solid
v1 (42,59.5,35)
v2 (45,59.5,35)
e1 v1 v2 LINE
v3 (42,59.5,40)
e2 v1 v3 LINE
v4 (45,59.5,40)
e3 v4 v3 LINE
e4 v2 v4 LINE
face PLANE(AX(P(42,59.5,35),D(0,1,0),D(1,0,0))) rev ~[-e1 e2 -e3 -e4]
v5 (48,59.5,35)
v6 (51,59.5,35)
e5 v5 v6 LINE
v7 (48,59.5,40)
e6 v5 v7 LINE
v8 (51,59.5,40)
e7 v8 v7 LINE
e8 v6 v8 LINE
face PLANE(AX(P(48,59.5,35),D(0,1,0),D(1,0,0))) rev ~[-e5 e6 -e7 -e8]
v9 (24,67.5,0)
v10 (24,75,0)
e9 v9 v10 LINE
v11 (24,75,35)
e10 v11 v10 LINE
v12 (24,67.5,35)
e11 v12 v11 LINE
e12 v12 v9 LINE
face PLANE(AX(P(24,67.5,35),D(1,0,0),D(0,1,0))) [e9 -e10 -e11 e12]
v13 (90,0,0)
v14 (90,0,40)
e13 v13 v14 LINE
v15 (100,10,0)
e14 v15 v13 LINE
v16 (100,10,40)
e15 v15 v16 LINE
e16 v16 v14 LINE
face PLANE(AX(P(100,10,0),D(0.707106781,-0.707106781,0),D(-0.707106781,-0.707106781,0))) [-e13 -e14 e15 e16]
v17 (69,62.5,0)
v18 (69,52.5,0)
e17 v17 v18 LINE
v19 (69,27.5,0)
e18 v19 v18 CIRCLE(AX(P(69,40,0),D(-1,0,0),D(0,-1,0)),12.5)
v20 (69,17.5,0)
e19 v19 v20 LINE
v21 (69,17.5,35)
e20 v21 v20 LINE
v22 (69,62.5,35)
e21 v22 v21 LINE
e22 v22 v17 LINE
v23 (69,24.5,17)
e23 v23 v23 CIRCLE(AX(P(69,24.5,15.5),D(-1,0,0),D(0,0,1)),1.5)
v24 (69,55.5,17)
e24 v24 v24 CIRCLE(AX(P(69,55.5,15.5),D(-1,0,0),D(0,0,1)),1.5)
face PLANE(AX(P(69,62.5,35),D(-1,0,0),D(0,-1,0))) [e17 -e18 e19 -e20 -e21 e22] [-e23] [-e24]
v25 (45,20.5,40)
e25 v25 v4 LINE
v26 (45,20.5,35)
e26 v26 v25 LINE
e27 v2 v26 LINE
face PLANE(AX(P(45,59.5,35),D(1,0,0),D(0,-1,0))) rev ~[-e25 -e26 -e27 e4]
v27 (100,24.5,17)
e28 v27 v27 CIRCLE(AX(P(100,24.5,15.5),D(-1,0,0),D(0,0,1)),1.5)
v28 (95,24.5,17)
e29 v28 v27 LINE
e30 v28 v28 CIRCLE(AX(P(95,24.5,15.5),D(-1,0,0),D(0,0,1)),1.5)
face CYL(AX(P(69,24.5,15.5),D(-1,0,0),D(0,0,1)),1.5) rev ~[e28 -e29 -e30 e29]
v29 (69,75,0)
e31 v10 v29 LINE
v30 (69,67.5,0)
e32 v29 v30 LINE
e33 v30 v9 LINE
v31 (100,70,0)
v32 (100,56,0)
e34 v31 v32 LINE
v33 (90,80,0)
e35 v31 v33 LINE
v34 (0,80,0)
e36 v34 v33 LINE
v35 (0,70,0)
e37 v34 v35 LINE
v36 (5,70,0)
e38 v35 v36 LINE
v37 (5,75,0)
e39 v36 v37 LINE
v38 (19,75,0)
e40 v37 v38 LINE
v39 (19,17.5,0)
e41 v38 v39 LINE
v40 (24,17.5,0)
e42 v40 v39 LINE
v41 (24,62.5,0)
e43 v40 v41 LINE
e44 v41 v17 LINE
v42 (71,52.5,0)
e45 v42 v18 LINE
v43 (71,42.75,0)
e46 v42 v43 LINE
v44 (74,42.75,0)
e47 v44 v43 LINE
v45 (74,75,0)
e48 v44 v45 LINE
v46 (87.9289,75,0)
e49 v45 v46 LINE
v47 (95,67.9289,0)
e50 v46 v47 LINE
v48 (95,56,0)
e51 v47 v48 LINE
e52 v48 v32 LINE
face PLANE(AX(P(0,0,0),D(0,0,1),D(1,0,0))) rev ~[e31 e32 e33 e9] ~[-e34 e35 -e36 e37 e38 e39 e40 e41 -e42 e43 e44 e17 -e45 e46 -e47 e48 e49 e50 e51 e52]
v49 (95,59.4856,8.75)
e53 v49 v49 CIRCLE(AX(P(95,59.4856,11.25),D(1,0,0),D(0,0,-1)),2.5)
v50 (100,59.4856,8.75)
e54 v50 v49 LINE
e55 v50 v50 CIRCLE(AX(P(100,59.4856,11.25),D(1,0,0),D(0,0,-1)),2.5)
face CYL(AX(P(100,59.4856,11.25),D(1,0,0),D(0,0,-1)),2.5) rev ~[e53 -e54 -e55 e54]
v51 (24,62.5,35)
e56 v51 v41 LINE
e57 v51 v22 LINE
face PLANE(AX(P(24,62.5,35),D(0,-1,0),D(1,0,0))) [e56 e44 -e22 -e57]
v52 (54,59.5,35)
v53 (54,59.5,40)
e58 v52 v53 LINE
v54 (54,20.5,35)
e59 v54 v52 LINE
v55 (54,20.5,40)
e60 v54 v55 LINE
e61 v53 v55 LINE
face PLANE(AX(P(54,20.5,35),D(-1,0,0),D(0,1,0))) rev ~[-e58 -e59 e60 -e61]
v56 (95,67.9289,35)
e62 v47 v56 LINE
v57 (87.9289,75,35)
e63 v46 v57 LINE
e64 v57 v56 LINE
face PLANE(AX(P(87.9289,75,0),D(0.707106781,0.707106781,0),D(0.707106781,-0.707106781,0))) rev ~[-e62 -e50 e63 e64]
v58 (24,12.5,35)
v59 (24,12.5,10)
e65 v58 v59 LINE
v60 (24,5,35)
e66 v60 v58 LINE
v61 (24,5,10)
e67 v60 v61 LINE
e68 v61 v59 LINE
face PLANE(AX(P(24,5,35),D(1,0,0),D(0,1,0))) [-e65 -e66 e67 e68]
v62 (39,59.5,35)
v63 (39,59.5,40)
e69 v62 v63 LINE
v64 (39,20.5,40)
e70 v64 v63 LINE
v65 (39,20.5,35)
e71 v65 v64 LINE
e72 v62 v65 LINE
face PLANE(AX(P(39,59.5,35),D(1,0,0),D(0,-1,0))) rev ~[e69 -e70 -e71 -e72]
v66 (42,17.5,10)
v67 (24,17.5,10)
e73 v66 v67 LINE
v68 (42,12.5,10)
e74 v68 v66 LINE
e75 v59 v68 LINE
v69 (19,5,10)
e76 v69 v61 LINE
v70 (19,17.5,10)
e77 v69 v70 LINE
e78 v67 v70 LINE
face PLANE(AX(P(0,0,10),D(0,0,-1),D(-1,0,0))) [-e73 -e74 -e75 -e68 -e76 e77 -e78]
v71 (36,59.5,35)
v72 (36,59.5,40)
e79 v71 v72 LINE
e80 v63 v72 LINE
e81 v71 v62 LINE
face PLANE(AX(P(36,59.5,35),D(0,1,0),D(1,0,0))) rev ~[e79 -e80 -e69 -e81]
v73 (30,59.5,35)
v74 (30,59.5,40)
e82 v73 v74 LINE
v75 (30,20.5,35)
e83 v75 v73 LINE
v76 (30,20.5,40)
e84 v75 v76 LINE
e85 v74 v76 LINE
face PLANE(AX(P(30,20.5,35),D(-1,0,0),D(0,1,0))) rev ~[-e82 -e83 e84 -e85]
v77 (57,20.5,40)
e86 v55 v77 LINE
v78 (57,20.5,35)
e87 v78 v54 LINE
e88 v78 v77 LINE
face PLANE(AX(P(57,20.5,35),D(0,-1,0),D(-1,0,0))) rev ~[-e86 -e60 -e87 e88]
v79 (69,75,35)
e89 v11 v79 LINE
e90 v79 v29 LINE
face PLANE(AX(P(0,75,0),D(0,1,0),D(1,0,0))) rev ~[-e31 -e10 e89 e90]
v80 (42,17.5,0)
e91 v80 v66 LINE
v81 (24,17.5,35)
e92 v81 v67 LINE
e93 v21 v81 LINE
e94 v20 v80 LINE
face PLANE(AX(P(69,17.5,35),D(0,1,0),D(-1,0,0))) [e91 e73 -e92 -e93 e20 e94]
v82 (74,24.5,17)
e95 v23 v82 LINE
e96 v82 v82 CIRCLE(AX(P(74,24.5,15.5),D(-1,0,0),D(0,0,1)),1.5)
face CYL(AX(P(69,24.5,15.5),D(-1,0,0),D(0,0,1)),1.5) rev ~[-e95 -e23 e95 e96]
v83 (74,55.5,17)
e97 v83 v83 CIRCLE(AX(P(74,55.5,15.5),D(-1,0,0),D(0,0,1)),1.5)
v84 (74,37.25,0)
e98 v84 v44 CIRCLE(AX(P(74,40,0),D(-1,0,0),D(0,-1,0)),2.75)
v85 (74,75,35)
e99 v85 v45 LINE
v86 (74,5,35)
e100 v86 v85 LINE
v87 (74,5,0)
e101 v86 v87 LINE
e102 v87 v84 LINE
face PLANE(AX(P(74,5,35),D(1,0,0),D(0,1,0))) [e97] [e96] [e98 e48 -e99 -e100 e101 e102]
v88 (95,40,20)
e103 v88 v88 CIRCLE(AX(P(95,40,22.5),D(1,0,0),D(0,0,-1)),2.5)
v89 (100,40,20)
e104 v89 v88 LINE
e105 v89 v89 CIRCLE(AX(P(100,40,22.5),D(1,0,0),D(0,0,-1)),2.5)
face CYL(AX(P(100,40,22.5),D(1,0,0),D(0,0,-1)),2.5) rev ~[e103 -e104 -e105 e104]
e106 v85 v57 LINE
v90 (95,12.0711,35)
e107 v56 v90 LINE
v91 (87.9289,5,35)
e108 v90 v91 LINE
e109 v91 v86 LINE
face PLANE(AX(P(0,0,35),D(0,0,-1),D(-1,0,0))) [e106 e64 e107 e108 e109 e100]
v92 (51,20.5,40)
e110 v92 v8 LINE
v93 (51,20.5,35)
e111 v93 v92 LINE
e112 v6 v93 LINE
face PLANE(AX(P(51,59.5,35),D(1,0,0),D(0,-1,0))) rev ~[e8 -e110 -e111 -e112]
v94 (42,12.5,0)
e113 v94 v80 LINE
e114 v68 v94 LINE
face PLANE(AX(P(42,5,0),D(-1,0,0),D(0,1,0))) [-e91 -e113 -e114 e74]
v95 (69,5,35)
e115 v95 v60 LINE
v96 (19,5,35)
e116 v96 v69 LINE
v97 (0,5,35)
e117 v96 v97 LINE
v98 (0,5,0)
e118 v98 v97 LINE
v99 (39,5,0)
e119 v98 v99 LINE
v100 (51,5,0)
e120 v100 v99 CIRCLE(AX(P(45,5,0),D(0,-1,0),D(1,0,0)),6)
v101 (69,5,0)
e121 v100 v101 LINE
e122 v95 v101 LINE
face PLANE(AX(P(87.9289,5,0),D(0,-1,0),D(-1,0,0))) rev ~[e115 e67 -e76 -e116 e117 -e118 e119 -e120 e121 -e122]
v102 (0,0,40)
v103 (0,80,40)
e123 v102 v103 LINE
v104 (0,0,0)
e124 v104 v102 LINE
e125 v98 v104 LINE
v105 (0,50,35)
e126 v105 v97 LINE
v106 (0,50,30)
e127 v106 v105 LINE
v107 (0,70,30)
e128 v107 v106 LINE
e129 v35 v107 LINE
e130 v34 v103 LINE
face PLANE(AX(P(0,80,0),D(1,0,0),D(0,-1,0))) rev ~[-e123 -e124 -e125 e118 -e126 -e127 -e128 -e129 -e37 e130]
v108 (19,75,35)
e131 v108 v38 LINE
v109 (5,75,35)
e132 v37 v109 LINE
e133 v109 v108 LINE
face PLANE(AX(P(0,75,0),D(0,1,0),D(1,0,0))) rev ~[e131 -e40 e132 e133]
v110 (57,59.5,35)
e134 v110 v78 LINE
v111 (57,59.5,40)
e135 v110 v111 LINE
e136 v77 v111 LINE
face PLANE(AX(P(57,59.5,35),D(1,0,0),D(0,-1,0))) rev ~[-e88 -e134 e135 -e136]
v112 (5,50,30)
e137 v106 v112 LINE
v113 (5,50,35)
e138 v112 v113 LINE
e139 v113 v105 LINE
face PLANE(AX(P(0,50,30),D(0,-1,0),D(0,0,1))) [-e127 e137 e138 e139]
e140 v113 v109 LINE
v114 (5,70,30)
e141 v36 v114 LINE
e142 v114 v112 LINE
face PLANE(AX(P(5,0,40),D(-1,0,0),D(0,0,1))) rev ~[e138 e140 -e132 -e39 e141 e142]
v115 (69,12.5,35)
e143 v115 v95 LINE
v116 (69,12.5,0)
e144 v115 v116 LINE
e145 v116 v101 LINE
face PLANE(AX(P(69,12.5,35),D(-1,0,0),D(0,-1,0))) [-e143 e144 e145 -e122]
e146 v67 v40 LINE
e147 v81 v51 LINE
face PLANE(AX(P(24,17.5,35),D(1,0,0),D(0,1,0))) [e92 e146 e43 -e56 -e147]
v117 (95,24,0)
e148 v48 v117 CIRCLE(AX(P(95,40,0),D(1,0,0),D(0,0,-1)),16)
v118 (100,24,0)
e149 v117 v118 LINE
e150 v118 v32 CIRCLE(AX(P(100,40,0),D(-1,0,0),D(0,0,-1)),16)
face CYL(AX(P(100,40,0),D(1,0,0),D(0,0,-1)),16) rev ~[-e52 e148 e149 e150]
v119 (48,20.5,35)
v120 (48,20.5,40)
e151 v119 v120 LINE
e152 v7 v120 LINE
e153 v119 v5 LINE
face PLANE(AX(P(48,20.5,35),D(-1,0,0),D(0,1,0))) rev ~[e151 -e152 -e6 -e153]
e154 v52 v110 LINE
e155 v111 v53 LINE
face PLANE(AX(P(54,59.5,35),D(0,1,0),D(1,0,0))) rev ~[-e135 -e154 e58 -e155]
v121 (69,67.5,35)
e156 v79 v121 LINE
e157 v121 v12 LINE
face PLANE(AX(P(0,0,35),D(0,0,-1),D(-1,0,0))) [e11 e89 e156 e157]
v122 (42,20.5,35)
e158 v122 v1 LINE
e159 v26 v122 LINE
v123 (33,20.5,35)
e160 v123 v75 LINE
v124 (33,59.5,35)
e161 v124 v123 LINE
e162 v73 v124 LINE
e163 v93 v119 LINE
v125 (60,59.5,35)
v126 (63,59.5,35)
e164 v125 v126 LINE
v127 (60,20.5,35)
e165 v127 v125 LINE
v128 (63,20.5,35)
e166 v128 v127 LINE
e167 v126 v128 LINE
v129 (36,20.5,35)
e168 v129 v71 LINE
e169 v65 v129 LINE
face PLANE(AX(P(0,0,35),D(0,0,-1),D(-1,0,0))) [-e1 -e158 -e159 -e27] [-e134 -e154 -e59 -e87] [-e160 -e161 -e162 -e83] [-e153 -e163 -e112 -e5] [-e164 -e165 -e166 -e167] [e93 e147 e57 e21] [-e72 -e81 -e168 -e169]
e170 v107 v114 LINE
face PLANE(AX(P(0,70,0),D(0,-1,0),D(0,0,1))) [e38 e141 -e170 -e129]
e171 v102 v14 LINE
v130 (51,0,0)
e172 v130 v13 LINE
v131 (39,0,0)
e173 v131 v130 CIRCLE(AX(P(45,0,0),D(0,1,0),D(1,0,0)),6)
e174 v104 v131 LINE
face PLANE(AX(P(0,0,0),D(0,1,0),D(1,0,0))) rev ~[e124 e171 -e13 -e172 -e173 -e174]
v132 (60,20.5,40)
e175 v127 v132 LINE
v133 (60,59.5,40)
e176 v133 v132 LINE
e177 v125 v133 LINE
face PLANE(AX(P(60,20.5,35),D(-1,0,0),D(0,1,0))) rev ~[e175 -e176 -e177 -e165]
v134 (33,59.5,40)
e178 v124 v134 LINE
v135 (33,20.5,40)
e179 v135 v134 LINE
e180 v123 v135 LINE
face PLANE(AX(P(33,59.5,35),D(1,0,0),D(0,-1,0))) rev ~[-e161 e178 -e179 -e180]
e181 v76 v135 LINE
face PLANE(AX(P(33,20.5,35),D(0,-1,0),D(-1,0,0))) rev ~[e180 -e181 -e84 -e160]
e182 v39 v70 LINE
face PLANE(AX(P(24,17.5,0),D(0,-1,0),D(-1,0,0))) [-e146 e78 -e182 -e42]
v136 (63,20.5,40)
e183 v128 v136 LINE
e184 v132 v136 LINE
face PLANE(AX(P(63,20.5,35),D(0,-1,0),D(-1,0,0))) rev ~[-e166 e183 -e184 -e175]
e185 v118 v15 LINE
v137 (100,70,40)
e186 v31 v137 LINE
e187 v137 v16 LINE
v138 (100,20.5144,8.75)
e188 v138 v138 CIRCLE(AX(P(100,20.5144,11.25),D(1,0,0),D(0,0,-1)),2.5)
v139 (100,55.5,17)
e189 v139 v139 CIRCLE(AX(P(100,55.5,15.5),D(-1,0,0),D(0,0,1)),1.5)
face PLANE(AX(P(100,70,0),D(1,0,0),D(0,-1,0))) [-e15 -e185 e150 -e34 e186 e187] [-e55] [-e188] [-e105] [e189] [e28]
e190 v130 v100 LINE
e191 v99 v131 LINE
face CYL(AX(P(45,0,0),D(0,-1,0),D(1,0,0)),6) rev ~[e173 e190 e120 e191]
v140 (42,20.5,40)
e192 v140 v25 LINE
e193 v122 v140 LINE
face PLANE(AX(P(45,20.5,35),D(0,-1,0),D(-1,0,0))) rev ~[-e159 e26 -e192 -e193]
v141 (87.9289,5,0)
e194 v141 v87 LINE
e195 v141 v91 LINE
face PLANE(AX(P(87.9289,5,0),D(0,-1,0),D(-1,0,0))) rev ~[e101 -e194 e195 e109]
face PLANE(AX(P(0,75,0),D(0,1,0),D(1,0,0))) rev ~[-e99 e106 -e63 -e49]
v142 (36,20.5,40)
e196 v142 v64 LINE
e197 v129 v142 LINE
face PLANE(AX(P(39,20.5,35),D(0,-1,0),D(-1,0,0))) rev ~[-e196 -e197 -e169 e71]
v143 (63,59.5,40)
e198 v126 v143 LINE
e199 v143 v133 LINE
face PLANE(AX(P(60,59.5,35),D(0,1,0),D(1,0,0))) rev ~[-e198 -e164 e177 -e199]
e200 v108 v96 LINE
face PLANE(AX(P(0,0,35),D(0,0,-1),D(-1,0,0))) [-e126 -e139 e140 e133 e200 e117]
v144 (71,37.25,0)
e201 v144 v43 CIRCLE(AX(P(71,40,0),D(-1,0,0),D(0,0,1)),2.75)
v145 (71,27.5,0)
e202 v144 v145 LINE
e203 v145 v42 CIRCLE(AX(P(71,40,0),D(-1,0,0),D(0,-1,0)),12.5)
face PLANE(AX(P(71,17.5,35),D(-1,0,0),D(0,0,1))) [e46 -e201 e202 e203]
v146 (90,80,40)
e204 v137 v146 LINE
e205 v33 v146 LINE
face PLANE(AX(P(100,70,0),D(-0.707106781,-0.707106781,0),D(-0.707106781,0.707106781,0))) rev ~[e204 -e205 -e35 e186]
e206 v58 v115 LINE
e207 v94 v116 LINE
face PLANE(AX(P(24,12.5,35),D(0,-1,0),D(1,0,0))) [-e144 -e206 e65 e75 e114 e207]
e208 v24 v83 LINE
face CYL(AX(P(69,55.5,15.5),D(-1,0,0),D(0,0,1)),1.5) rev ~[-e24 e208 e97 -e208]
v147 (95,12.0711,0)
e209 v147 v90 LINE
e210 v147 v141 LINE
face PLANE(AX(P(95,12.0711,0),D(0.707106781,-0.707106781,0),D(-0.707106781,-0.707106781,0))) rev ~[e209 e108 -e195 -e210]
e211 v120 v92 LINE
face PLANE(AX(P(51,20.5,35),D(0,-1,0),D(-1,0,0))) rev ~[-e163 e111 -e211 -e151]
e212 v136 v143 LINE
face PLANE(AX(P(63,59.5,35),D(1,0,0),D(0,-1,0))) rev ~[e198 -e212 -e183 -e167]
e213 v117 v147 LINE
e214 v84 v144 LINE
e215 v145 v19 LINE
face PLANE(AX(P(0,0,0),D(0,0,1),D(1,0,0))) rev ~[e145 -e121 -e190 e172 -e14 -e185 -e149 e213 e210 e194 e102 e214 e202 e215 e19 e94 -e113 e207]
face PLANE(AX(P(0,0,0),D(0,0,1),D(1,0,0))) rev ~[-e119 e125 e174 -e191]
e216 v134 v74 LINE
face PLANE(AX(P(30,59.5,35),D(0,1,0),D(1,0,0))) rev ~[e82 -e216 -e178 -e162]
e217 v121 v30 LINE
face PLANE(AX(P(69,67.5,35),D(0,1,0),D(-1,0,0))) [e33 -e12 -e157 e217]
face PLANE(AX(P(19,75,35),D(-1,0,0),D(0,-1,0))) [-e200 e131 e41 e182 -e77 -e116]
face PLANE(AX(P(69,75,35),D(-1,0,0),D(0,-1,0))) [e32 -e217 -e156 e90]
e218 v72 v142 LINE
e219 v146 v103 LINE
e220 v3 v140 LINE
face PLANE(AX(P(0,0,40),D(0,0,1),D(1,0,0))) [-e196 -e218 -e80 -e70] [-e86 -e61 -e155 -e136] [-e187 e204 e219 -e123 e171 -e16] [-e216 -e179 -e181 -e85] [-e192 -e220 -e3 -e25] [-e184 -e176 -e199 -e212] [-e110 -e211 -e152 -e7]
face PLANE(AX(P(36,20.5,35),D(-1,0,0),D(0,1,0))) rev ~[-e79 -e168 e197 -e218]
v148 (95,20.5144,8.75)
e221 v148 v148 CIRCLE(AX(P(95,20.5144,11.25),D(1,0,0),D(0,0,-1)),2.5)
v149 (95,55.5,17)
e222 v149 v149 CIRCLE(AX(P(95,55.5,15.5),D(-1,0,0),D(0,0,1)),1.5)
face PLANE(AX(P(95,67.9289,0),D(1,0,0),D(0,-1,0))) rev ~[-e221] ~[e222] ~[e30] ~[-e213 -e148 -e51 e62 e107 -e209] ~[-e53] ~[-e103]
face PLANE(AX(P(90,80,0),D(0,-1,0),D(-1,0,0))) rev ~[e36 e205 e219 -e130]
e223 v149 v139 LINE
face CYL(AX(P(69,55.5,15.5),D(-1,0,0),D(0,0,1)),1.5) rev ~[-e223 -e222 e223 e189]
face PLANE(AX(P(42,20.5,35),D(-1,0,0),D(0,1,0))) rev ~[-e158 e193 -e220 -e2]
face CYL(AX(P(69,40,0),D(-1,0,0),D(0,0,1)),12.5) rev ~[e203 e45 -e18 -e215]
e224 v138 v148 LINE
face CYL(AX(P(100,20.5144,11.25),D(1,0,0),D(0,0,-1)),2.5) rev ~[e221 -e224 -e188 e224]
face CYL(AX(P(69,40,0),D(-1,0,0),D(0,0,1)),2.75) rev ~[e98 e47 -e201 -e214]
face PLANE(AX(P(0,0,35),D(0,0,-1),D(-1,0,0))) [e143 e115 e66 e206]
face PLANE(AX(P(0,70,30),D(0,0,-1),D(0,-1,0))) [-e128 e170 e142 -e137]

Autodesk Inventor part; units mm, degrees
ref_plane "YZ Plane" through (0, 0, 0) normal (1, 0, 0) x (0, 1, 0)
ref_plane "XZ Plane" through (0, 0, 0) normal (0, 1, 0) x (-1, 0, 0)
ref_plane "XY Plane" through (0, 0, 0) normal (0, 0, 1) x (1, 0, 0)
sketch "Sketch1" plane through (0, 0, 0) normal (0, 0, 1) x (1, 0, 0)
  line L0 (0, 0) -> (100, 0)
  line L1 (100, 0) -> (100, 80) construction
  line L2 (100, 80) -> (0, 80)
  line L3 (0, 80) -> (0, 0)
  line L4 (100, 70) -> (90, 80)
  line L5 (100, 10) -> (90, 0)
  line L6 (100, 70) -> (100, 10)
  dimension "d0" = 100
  dimension "d1" = 80
  dimension "d23" = 10
  dimension "d24" = 10
  dimension "d25" = 10
  dimension "d26" = 10
extrude "Extrusion1" add sketch "Sketch1" along normal blind 40
sketch "Sketch4" plane through (0, 0, 0) normal (0, 0, -1) x (-1, 0, 0)
  line L0 (-90, 80) -> (0, 80) projected
  line L1 (0, 0) -> (-90, 0) projected
  line L2 (-100, 70) -> (-90, 80) projected
  line L3 (-100, 10) -> (-100, 70) projected
  line L4 (-90, 0) -> (-100, 10) projected
  line L5 (0, 75) -> (-87.9289, 75)
  line L6 (-87.9289, 75) -> (-95, 67.9289)
  line L7 (-95, 67.9289) -> (-95, 12.0711)
  line L8 (-95, 12.0711) -> (-87.9289, 5)
  line L9 (-87.9289, 5) -> (0, 5)
  line L10 (0, 75) -> (0, 5)
  line L11 (0, 80) -> (0, 0) projected
  dimension "d27" = 5
extrude "Extrusion4" cut sketch "Sketch4" against normal blind 35 contours L10 L9 L8 L7 L6 L5
sketch "Sketch5" plane through (0, 0, 40) normal (-1, 0, 0) x (0, 0, 1)
  line L0 (0, 0) -> (0, 80)
  line L1 (-40, 5) -> (-40, 75)
  line L2 (0, 80) -> (-40, 80)
  line L3 (-40, 80) -> (-40, 70)
  line L4 (-40, 70) -> (0, 70)
  line L5 (0, 70) -> (0, 80)
  line L6 (0, 80) -> (-10, 80)
  line L7 (-10, 80) -> (-10, 50)
  line L8 (-10, 50) -> (0, 50)
  line L9 (0, 50) -> (0, 80)
  line L10 (-40, 0) -> (0, 0)
  dimension "d15" = 10
  dimension "d16" = 10
  dimension "d17" = 50
extrude "Extrusion5" add sketch "Sketch5" against normal blind 5
sketch "Sketch6" plane through (100, 10, 0) normal (1, 0, 0) x (0, 0, -1)
  circle A0 centre (0, 30) radius 16
  line L0 (0, 0) -> (0, 60) projected
  dimension "d20" = 32
extrude "Extrusion6" cut sketch "Sketch6" against normal through all
sketch "Sketch7" plane through (0, 0, 35) normal (0, 0, -1) x (-1, 0, 0)
  line L0 (-87.9289, 75) -> (-5, 75) projected
  line L1 (0, 5) -> (-87.9289, 5) projected
  line L2 (-74, 75) -> (-69, 75)
  line L3 (-69, 75) -> (-69, 5)
  line L4 (-69, 5) -> (-74, 5)
  line L5 (-74, 5) -> (-74, 75)
  line L6 (-95, 56) -> (-95, 67.9289) projected
  line L7 (-24, 75) -> (-19, 75)
  line L8 (-19, 75) -> (-19, 5)
  line L9 (-19, 5) -> (-24, 5)
  line L10 (-24, 5) -> (-24, 75)
  line L11 (-69, 67.5) -> (-24, 67.5)
  line L12 (-24, 67.5) -> (-24, 62.5)
  line L13 (-24, 62.5) -> (-69, 62.5)
  line L14 (-69, 62.5) -> (-69, 67.5)
  line L15 (-69, 17.5) -> (-24, 17.5)
  line L16 (-24, 17.5) -> (-24, 12.5)
  line L17 (-24, 12.5) -> (-69, 12.5)
  line L18 (-69, 12.5) -> (-69, 17.5)
  line L19 (-46.5, 67.5) -> (-46.5, 12.5) construction
  point P0 (0, 0)
  point P1 (-46.5, 40)
  point P2 (-69, 40)
  dimension "d28" = 5
  dimension "d29" = 21
  dimension "d30" = 5
  dimension "d31" = 45
  dimension "d32" = 5
  dimension "d33" = 5
  dimension "d34" = 45
extrude "Extrusion7" add sketch "Sketch7" along normal blind 35 contours L0 L3 L1 L5 | L0 L8 L1 L10 | L11 L10 L13 L3 | L3 L15 L10 L17
sketch "Sketch8" plane through (0, 0, 0) normal (0, 0, -1) x (-1, 0, 0)
  line L0 (-19, 5) -> (-19, 75) projected
  line L1 (-69, 17.5) -> (-24, 17.5) projected
  line L2 (-19, 5) -> (-42, 5)
  line L3 (-42, 5) -> (-42, 17.5)
  line L4 (-42, 17.5) -> (-19, 17.5)
  line L5 (-19, 17.5) -> (-19, 5)
  point P0 (0, 0)
  dimension "d37" = 23
extrude "Extrusion8" cut sketch "Sketch8" against normal blind 10
sketch "Sketch9" plane through (69, 17.5, 35) normal (-1, 0, 0) x (0, 0, 1)
  line L0 (-35, 0) -> (-35, 45) projected
  circle A0 centre (-35, 22.5) radius 2.75
  line L1 (-50.5, 7) -> (-19.5, 7) construction
  line L2 (-19.5, 7) -> (-19.5, 38) construction
  line L3 (-19.5, 38) -> (-50.5, 38) construction
  line L4 (-50.5, 38) -> (-50.5, 7) construction
  line L5 (-50.5, 7) -> (-19.5, 38) construction
  line L6 (-19.5, 7) -> (-50.5, 38) construction
  circle A1 centre (-19.5, 38) radius 1.5
  circle A2 centre (-19.5, 7) radius 1.5
  point P0 (-35, -17.5)
  dimension "d40" = 5.5
  dimension "d41" = 31
  dimension "d42" = 31
  dimension "d43" = 3
  dimension "d44" = 3
extrude "Extrusion9" cut sketch "Sketch9" against normal through all
sketch "Sketch10" plane through (0, 0, 35) normal (0, 0, -1) x (-1, 0, 0)
  line L0 (-30, 59.5) -> (-33, 59.5)
  line L1 (-33, 59.5) -> (-33, 20.5)
  line L2 (-33, 20.5) -> (-30, 20.5)
  line L3 (-30, 20.5) -> (-30, 59.5)
  line L4 (-24, 62.5) -> (-24, 17.5) projected
  line L5 (-69, 62.5) -> (-24, 62.5) projected
  line L6 (-24, 17.5) -> (-19, 17.5) projected
  line L7 (-36, 59.5) -> (-39, 59.5)
  line L8 (-39, 59.5) -> (-39, 20.5)
  line L9 (-39, 20.5) -> (-36, 20.5)
  line L10 (-36, 20.5) -> (-36, 59.5)
  line L11 (-42, 59.5) -> (-45, 59.5)
  line L12 (-45, 59.5) -> (-45, 20.5)
  line L13 (-45, 20.5) -> (-42, 20.5)
  line L14 (-42, 20.5) -> (-42, 59.5)
  line L15 (-48, 59.5) -> (-51, 59.5)
  line L16 (-51, 59.5) -> (-51, 20.5)
  line L17 (-51, 20.5) -> (-48, 20.5)
  line L18 (-48, 20.5) -> (-48, 59.5)
  line L19 (-54, 59.5) -> (-57, 59.5)
  line L20 (-57, 59.5) -> (-57, 20.5)
  line L21 (-57, 20.5) -> (-54, 20.5)
  line L22 (-54, 20.5) -> (-54, 59.5)
  line L23 (-60, 59.5) -> (-63, 59.5)
  line L24 (-63, 59.5) -> (-63, 20.5)
  line L25 (-63, 20.5) -> (-60, 20.5)
  line L26 (-60, 20.5) -> (-60, 59.5)
  point P0 (0, 0)
  dimension "d47" = 3
  dimension "d49" = 6
  dimension "d50" = 3
  dimension "d51" = 3
  dimension "d54" = 6
extrude "Extrusion10" cut sketch "Sketch10" against normal through all
sketch "Sketch11" plane through (0, 0, 0) normal (0, -1, 0) x (1, 0, 0)
  circle A0 centre (45, 0) radius 6
  line L0 (0, 0) -> (90, 0) projected
  dimension "d61" = 12
extrude "Extrusion11" cut sketch "Sketch11" against normal blind 5
sketch "Sketch12" plane through (69, 17.5, 35) normal (-1, 0, 0) x (0, 0, 1)
  arc A0 (-35, 19.75) -> (-35, 25.25) centre (-35, 22.5) ccw projected
  circle A1 centre (-35, 22.5) radius 12.5
  point P0 (-35, -17.5)
  dimension "d64" = 25
extrude "Extrusion12" cut sketch "Sketch12" against normal blind 2
sketch "Sketch13" plane through (100, 10, 40) normal (1, 0, 0) x (0, 0, -1)
  arc A0 (40, 46) -> (40, 14) centre (40, 30) ccw projected
  circle A1 centre (17.5, 30) radius 2.5
  circle A2 centre (28.75, 10.5144) radius 2.5
  circle A3 centre (51.25, 10.5144) radius 2.5
  circle A4 centre (62.5, 30) radius 2.5
  circle A5 centre (51.25, 49.4856) radius 2.5
  circle A6 centre (28.75, 49.4856) radius 2.5
  point P0 (40, -10)
  dimension "d67" = 5
  dimension "d68" = 22.5
  dimension "d71" = 360
extrude "Extrusion13" cut sketch "Sketch13" against normal blind 10 contours A1 | A2 | A6
properties part number "FA002" material "ABS Plastic"
